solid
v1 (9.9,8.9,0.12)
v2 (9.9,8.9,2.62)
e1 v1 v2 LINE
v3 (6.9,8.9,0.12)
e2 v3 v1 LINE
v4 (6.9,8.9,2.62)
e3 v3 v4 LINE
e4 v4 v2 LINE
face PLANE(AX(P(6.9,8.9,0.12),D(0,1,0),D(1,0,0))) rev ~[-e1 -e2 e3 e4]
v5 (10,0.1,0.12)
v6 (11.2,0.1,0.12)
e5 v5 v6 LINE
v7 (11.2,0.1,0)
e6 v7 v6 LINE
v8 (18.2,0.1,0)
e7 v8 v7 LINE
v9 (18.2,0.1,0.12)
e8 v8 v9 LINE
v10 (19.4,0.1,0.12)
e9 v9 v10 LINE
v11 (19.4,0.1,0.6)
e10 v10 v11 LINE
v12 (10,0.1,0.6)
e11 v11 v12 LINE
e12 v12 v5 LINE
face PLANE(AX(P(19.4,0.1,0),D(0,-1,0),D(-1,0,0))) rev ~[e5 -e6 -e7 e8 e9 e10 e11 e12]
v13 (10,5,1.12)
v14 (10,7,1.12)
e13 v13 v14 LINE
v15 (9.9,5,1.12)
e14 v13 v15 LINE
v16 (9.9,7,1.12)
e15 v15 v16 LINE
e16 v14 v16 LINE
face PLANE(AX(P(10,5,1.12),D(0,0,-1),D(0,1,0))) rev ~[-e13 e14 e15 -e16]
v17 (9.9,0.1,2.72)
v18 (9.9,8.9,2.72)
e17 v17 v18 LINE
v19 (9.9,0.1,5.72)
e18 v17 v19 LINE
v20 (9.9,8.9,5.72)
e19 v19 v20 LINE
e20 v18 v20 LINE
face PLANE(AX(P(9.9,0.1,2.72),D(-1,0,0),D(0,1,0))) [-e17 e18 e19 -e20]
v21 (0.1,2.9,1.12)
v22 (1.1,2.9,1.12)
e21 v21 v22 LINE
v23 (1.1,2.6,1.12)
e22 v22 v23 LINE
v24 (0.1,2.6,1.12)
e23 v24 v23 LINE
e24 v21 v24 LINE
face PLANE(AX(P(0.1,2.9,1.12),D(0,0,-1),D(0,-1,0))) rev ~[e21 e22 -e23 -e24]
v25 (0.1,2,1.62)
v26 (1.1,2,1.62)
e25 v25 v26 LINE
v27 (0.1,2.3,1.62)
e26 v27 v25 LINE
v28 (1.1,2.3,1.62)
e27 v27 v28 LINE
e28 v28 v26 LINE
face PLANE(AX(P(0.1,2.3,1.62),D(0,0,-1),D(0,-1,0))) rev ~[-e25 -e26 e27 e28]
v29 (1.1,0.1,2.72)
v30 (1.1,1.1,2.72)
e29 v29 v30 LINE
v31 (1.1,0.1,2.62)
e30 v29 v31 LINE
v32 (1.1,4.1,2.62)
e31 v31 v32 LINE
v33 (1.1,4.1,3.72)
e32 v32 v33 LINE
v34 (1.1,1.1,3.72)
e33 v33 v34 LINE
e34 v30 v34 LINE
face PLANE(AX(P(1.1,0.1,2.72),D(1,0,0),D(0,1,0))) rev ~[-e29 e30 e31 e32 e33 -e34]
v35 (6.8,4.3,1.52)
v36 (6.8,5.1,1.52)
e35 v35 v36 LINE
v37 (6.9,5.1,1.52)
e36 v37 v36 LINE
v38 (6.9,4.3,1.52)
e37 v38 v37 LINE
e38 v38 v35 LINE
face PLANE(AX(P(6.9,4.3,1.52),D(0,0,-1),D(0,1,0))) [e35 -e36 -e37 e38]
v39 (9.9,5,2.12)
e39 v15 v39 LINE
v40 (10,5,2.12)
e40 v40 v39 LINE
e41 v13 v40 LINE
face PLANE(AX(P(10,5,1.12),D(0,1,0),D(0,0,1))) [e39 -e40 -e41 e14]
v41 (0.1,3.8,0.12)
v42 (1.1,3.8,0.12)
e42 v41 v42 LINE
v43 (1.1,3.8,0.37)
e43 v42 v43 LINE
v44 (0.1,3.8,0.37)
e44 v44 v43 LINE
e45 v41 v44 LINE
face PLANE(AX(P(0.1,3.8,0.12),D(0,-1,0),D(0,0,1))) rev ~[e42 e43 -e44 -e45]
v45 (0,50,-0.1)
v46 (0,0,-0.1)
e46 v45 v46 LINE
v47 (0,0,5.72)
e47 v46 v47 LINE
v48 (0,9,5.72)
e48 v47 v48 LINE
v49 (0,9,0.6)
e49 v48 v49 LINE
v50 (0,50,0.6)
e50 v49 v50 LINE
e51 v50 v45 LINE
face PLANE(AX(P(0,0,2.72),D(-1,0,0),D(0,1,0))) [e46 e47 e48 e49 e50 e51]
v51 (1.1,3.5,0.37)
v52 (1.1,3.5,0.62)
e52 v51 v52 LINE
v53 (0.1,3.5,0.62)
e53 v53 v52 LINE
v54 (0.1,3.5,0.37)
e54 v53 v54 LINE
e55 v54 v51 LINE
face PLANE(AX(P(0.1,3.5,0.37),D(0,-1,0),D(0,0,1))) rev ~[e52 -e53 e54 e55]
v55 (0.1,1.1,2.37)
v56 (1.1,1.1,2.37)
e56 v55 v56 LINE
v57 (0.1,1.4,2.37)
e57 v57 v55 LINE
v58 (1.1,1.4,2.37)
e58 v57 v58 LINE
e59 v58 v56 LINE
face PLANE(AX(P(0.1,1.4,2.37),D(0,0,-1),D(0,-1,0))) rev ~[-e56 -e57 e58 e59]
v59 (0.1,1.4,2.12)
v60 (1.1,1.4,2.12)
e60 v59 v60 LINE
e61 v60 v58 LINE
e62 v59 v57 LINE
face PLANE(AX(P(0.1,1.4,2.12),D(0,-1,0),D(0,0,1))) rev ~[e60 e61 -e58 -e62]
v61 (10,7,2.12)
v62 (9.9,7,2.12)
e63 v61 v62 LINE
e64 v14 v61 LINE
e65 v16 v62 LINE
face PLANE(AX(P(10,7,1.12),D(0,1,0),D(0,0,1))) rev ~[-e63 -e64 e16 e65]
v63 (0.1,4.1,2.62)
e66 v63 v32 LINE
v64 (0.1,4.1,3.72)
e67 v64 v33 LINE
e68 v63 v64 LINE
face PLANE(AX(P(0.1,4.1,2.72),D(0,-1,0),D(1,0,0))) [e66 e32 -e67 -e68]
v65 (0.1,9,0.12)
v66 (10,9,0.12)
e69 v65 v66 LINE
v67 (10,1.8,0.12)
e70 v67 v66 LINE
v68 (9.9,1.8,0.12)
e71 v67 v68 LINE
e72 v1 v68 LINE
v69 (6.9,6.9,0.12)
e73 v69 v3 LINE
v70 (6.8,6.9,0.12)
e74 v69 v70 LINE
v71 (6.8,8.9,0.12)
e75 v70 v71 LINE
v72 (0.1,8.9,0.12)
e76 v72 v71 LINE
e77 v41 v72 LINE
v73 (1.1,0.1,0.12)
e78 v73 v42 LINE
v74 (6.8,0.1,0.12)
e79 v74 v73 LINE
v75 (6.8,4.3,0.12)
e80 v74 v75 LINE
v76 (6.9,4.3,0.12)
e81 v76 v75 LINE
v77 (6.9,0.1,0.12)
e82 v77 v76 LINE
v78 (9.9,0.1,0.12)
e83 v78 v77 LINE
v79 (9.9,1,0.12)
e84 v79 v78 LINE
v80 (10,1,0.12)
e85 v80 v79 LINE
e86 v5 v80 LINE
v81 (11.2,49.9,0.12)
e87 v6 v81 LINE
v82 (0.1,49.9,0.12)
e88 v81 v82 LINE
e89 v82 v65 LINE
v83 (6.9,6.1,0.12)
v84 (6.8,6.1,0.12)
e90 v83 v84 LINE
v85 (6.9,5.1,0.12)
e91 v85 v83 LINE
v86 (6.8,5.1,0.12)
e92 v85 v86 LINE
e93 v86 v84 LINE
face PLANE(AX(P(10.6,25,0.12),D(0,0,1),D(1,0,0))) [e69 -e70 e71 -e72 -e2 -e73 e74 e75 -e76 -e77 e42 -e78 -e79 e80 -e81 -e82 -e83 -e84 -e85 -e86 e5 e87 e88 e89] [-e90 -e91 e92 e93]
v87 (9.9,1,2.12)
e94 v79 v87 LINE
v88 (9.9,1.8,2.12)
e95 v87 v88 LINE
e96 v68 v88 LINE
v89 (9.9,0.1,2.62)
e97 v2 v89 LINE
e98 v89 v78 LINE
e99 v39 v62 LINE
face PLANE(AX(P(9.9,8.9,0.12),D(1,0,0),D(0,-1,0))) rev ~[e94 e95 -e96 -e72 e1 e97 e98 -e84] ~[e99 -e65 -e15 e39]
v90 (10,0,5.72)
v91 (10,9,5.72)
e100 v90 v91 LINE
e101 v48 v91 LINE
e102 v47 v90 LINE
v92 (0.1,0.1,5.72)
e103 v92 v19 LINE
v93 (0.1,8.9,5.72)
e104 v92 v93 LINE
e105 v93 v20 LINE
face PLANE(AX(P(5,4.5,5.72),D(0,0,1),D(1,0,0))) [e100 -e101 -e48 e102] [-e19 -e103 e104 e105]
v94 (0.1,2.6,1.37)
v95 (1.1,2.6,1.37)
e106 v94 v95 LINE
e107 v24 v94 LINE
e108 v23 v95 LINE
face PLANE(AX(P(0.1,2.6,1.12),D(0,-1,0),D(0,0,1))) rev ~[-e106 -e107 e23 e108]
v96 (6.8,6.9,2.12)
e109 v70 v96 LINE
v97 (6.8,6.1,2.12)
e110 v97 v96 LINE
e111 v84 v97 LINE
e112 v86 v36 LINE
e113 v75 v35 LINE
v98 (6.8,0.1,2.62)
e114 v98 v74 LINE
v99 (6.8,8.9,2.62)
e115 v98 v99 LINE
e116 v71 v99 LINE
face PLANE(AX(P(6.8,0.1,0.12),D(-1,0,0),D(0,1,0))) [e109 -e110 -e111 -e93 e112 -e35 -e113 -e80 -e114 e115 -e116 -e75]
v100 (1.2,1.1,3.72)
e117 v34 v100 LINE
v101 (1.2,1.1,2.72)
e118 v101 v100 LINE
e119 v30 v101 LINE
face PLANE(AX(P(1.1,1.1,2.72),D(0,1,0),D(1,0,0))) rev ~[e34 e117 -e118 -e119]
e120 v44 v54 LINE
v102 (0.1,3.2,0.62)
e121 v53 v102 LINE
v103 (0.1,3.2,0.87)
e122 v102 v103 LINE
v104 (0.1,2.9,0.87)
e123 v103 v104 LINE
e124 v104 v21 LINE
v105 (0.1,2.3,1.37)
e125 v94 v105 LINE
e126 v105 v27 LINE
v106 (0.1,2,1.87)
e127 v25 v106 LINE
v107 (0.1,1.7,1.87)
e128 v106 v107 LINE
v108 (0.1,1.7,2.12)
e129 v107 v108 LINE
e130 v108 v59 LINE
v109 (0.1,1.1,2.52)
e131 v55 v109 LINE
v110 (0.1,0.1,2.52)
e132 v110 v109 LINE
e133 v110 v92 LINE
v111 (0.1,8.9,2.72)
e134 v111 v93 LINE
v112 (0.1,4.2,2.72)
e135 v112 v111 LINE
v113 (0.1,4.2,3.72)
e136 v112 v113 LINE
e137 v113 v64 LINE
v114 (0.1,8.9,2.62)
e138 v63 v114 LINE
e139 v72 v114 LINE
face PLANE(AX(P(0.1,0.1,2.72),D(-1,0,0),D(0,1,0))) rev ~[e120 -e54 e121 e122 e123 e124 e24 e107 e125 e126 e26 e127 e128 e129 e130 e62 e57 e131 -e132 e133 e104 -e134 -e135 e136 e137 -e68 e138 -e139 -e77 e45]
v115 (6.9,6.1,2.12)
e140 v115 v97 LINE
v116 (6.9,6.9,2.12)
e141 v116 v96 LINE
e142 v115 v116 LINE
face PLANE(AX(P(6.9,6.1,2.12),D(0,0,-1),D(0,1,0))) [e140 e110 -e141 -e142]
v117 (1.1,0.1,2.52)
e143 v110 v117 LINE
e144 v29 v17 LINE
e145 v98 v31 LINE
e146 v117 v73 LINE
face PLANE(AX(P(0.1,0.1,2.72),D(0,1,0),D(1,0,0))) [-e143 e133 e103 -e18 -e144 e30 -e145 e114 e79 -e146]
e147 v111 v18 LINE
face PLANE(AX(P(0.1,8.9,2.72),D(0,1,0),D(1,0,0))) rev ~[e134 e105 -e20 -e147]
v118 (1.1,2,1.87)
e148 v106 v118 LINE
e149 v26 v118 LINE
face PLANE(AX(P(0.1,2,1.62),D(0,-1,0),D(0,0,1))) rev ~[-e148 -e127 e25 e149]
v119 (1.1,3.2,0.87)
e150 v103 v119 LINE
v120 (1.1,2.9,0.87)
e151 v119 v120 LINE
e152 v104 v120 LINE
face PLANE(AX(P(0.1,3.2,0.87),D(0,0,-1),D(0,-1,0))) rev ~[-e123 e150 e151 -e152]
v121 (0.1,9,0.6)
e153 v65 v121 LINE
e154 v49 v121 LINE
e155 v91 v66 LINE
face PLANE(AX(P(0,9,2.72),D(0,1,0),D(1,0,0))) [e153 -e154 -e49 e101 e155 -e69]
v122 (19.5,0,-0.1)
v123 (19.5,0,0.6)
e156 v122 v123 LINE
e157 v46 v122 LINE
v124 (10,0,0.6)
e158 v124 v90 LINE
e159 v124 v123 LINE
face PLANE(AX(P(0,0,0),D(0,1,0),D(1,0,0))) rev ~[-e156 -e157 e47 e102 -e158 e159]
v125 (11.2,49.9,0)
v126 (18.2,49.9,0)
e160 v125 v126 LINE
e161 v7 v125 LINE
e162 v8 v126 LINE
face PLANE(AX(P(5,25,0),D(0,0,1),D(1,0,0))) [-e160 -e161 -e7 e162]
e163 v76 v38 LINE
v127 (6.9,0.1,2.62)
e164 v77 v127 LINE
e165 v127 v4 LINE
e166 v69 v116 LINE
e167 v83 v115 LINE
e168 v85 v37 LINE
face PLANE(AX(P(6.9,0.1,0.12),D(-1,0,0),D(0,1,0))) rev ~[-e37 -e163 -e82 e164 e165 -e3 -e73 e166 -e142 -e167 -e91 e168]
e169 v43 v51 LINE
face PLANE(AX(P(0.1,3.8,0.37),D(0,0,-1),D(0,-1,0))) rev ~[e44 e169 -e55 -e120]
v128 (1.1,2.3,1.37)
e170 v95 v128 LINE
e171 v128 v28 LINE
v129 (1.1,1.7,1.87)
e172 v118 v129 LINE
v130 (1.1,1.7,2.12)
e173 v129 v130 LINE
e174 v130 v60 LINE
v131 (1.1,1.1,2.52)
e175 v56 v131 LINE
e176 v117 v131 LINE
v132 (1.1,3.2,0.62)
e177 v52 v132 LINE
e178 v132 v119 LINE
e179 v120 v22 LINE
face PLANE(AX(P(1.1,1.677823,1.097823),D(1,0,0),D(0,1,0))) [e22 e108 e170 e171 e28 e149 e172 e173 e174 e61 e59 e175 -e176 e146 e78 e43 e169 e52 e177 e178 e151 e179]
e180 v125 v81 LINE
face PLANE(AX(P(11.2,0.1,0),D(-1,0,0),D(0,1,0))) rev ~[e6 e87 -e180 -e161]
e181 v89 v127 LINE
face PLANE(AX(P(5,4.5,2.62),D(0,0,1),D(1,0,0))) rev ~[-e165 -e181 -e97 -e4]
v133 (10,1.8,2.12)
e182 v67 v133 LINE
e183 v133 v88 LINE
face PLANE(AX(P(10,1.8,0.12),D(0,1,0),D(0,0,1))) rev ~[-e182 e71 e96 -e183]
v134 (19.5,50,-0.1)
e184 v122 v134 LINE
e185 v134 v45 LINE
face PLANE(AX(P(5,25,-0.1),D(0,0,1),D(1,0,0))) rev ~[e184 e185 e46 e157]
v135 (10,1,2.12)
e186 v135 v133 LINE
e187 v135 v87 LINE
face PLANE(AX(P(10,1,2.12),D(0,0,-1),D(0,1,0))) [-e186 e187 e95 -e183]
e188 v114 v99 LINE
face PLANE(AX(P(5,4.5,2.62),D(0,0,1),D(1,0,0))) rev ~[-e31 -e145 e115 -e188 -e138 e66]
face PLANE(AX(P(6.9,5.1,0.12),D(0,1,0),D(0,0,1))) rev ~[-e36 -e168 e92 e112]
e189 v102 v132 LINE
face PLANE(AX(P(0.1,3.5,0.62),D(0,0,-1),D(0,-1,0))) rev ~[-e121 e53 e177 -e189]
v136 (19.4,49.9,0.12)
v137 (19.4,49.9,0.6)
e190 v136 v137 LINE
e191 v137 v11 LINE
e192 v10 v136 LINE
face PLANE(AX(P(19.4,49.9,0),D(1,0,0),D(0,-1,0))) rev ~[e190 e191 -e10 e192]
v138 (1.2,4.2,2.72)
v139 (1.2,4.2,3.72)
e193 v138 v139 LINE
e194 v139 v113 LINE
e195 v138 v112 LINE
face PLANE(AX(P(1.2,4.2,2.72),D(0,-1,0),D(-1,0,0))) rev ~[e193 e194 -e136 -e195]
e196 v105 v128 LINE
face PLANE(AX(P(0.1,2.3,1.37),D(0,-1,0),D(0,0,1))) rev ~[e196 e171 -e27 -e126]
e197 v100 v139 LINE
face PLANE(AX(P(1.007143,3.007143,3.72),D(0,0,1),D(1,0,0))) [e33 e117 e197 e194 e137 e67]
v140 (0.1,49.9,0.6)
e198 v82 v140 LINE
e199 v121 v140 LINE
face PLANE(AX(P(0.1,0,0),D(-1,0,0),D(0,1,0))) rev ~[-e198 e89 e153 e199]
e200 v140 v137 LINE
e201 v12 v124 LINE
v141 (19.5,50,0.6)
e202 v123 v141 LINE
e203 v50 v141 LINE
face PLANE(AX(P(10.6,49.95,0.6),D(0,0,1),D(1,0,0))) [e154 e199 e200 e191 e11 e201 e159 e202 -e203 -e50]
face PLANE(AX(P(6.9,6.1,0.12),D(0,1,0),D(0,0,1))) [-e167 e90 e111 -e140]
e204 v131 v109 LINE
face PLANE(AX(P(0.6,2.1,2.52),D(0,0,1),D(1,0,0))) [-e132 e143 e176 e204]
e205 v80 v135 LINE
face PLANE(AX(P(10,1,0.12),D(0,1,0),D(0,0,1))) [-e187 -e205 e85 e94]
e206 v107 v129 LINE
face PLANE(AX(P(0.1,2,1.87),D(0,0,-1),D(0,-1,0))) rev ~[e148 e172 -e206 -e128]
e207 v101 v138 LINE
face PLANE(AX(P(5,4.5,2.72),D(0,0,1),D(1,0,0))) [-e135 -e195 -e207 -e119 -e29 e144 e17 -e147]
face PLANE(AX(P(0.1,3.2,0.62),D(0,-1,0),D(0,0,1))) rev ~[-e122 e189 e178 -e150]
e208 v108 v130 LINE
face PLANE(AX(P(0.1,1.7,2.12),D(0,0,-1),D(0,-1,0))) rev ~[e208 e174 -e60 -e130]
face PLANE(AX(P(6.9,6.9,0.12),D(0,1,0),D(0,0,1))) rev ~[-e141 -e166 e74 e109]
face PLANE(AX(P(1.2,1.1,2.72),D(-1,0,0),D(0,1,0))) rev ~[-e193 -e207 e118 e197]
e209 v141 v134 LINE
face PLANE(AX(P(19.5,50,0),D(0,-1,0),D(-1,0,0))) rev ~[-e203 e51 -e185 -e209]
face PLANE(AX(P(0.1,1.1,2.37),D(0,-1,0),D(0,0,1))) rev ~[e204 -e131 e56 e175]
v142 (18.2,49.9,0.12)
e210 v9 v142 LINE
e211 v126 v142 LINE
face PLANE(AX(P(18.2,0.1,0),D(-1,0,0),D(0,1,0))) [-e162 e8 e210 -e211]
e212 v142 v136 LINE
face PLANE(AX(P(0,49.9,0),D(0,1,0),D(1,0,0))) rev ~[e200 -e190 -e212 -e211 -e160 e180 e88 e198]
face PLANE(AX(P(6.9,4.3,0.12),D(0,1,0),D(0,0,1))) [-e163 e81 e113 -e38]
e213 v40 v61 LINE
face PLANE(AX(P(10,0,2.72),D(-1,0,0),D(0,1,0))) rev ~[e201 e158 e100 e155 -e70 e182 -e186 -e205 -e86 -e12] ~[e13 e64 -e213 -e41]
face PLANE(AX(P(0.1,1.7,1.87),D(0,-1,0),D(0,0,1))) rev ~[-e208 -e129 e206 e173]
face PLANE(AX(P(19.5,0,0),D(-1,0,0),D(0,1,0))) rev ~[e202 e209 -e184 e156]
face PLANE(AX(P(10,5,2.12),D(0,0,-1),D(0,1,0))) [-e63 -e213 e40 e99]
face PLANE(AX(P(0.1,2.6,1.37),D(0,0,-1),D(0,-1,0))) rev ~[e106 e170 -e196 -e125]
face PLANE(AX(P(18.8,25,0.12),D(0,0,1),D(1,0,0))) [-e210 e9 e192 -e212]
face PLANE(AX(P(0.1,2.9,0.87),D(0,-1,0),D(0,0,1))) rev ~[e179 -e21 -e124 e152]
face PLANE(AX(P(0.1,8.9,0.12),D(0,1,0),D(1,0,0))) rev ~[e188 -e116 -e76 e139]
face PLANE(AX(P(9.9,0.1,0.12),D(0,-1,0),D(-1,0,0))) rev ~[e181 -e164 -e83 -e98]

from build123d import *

# Parameters (mm, degrees)
F0_W      = 1.2
F0_H      = 49.8
F0_W_2    = 10
F1_DEPTH  = 0.12
F0_W_3    = 7
F0_H_2    = 0.1
F0_W_4    = 0.1
F1_FACE_W = 11.2
F1_FACE_H = 49.8
F2_DEPTH  = 0.1
F3_DEPTH  = 0.6
F4_W      = 10
F4_H      = 9
F4_W_2    = 0.1
F4_H_2    = 8.8
F5_DEPTH  = 2.5
F6_W      = 0.8
F6_H      = 2
F6_W_2    = 2
F6_H_2    = 1
F7_DEPTH  = 0.1
F8_W      = 0.8
F8_H      = 1.4
F8_H_2    = 2
F9_DEPTH  = 0.1
F11_DEPTH = 1
F12_W     = 10
F12_H     = 9
F12_W_2   = 3
F12_H_2   = 8.8
F13_DEPTH = 0.1
F14_W     = 10
F14_H     = 9
F14_W_2   = 9.8
F14_H_2   = 8.8
F15_DEPTH = 3
F16_W     = 1
F16_H     = 4
F17_DEPTH = 0.2
F18_W     = 0.1
F18_H     = 50
F19_DEPTH = 0.6
F21_DEPTH = 1


with BuildPart() as f1:
    # F0 (on Top) → F1 (new body)
    with BuildSketch(Plane.XY):
        with Locations((10.6, 25)):
            Rectangle(F0_W, F0_H)
        with Locations((5, 25)):
            Rectangle(F0_W_2, F0_H)
    extrude(amount=F1_DEPTH)



with BuildPart() as f1b:
    # F0 (on Top) → F1, piece 2 (new body)
    with BuildSketch(Plane.XY):
        with Locations((18.8, 25)):
            Rectangle(F0_W, F0_H)
    extrude(amount=F1_DEPTH)


with BuildPart() as f1_1:
    add(f1.part)

    add(f1b.part)  # F2 merges F1b
    # F0 (on Top) + F1_face (on face) → F2 (join)
    with BuildSketch(Plane.XY):
        with Locations((5, 25)):
            Rectangle(F0_W_2, F0_H)
        with Locations((10.6, 25)):
            Rectangle(F0_W, F0_H)
        with Locations((18.8, 25)):
            Rectangle(F0_W, F0_H)
        with Locations((14.7, 25)):
            Rectangle(F0_W_3, F0_H)
        with Locations((14.7, 0.05)):
            Rectangle(F0_W_3, F0_H_2)
        with Locations((10.6, 0.05)):
            Rectangle(F0_W, F0_H_2)
        with Locations((18.8, 0.05)):
            Rectangle(F0_W, F0_H_2)
        with Locations((19.45, 25)):
            Rectangle(F0_W_4, F0_H)
        with Locations((19.45, 0.05)):
            Rectangle(F0_W_4, F0_H_2)
        with Locations((5, 0.05)):
            Rectangle(F0_W_2, F0_H_2)
        with Locations((19.45, 49.95)):
            Rectangle(F0_W_4, F0_H_2)
        with Locations((18.8, 49.95)):
            Rectangle(F0_W, F0_H_2)
        with Locations((14.7, 49.95)):
            Rectangle(F0_W_3, F0_H_2)
        with Locations((10.6, 49.95)):
            Rectangle(F0_W, F0_H_2)
        with Locations((5, 49.95)):
            Rectangle(F0_W_2, F0_H_2)
    with BuildSketch(Plane(origin=(5.6, 25, 0.12), x_dir=(1, 0, 0), z_dir=(0, 0, 1))):
        Rectangle(F1_FACE_W, F1_FACE_H)
    extrude(amount=-F2_DEPTH)

    # F0 (on Top) → F3 (join)
    with BuildSketch(Plane.XY):
        with Locations((10.6, 49.95)):
            Rectangle(F0_W, F0_H_2)
        with Locations((5, 49.95)):
            Rectangle(F0_W_2, F0_H_2)
        with Locations((14.7, 49.95)):
            Rectangle(F0_W_3, F0_H_2)
        with Locations((18.8, 49.95)):
            Rectangle(F0_W, F0_H_2)
        with Locations((19.45, 25)):
            Rectangle(F0_W_4, F0_H)
        with Locations((19.45, 49.95)):
            Rectangle(F0_W_4, F0_H_2)
        with Locations((19.45, 0.05)):
            Rectangle(F0_W_4, F0_H_2)
        with Locations((18.8, 0.05)):
            Rectangle(F0_W, F0_H_2)
        with Locations((14.7, 0.05)):
            Rectangle(F0_W_3, F0_H_2)
        with Locations((5, 0.05)):
            Rectangle(F0_W_2, F0_H_2)
        with Locations((10.6, 0.05)):
            Rectangle(F0_W, F0_H_2)
    extrude(amount=F3_DEPTH)

    # F4 (on face) → F5 (join)
    with BuildSketch(Plane.XY.offset(0.12)):
        with Locations((5, 4.5)):
            Rectangle(F4_W, F4_H)
        Polygon((6.8, 0.1), (0.1, 0.1), (0.1, 8.9), (6.8, 8.9), (6.9, 8.9), (9.9, 8.9), (9.9, 0.1), (6.9, 0.1), align=None, mode=Mode.SUBTRACT)
        with Locations((6.85, 4.5)):
            Rectangle(F4_W_2, F4_H_2)
    extrude(amount=F5_DEPTH)

    # F6 (on face) → F7 (cut, through all)
    with BuildSketch(Plane.YZ.offset(10)):
        with Locations((1.4, 1.12)):
            Rectangle(F6_W, F6_H)
        with Locations((6, 1.62)):
            Rectangle(F6_W_2, F6_H_2)
    extrude(amount=-F7_DEPTH, mode=Mode.SUBTRACT)

    # F8 (on face) → F9 (cut, through all)
    with BuildSketch(Plane.YZ.offset(6.9)):
        with Locations((4.7, 0.82)):
            Rectangle(F8_W, F8_H)
        with Locations((6.5, 1.12)):
            Rectangle(F8_W, F8_H_2)
    extrude(amount=-F9_DEPTH, mode=Mode.SUBTRACT)

    # F10 (on face) → F11 (join)
    with BuildSketch(Plane.YZ.offset(0.1)):
        Polygon((0.1, 0.12), (3.8, 0.12), (3.8, 0.37), (3.5, 0.37), (3.5, 0.62), (3.2, 0.62), (3.2, 0.87), (2.9, 0.87), (2.9, 1.12), (2.6, 1.12), (2.6, 1.37), (2.3, 1.37), (2.3, 1.62), (2, 1.62), (2, 1.87), (1.7, 1.87), (1.7, 2.12), (1.4, 2.12), (1.4, 2.37), (1.1, 2.37), (1.1, 2.62), (0.1, 2.62), align=None)
    extrude(amount=F11_DEPTH)

    # F12 (on face) → F13 (join)
    with BuildSketch(Plane.XY.offset(2.62)):
        with Locations((5, 4.5)):
            Rectangle(F12_W, F12_H)
        Polygon((6.8, 8.9), (6.8, 0.1), (1.1, 0.1), (1.1, 1.1), (0.1, 1.1), (0.1, 8.9), align=None, mode=Mode.SUBTRACT)
        with Locations((8.4, 4.5)):
            Rectangle(F12_W_2, F12_H_2, mode=Mode.SUBTRACT)
        Polygon((1.1, 0.1), (6.8, 0.1), (6.8, 8.9), (0.1, 8.9), (0.1, 1.1), (1.1, 1.1), align=None)
        with Locations((8.4, 4.5)):
            Rectangle(F12_W_2, F12_H_2)
    extrude(amount=F13_DEPTH)

    # F14 (on face) → F15 (join)
    with BuildSketch(Plane.XY.offset(2.72)):
        with Locations((5, 4.5)):
            Rectangle(F14_W, F14_H)
        with Locations((5, 4.5)):
            Rectangle(F14_W_2, F14_H_2, mode=Mode.SUBTRACT)
    extrude(amount=F15_DEPTH)

    # F16 (on face) → F17 (cut)
    with BuildSketch(Plane.XY.offset(2.72)):
        with Locations((0.6, 2.1)):
            Rectangle(F16_W, F16_H)
    extrude(amount=-F17_DEPTH, mode=Mode.SUBTRACT)

    # F18 (on face) → F19 (join)
    with BuildSketch(Plane.XY):
        with Locations((0.05, 25)):
            Rectangle(F18_W, F18_H)
    extrude(amount=F19_DEPTH)

    # F20 (on face) → F21 (join)
    with BuildSketch(Plane.XY.offset(2.72)):
        Polygon((1.2, 4.2), (0.1, 4.2), (0.1, 4.1), (1.1, 4.1), (1.1, 1.1), (1.2, 1.1), align=None)
    extrude(amount=F21_DEPTH)


solid = f1_1.part
